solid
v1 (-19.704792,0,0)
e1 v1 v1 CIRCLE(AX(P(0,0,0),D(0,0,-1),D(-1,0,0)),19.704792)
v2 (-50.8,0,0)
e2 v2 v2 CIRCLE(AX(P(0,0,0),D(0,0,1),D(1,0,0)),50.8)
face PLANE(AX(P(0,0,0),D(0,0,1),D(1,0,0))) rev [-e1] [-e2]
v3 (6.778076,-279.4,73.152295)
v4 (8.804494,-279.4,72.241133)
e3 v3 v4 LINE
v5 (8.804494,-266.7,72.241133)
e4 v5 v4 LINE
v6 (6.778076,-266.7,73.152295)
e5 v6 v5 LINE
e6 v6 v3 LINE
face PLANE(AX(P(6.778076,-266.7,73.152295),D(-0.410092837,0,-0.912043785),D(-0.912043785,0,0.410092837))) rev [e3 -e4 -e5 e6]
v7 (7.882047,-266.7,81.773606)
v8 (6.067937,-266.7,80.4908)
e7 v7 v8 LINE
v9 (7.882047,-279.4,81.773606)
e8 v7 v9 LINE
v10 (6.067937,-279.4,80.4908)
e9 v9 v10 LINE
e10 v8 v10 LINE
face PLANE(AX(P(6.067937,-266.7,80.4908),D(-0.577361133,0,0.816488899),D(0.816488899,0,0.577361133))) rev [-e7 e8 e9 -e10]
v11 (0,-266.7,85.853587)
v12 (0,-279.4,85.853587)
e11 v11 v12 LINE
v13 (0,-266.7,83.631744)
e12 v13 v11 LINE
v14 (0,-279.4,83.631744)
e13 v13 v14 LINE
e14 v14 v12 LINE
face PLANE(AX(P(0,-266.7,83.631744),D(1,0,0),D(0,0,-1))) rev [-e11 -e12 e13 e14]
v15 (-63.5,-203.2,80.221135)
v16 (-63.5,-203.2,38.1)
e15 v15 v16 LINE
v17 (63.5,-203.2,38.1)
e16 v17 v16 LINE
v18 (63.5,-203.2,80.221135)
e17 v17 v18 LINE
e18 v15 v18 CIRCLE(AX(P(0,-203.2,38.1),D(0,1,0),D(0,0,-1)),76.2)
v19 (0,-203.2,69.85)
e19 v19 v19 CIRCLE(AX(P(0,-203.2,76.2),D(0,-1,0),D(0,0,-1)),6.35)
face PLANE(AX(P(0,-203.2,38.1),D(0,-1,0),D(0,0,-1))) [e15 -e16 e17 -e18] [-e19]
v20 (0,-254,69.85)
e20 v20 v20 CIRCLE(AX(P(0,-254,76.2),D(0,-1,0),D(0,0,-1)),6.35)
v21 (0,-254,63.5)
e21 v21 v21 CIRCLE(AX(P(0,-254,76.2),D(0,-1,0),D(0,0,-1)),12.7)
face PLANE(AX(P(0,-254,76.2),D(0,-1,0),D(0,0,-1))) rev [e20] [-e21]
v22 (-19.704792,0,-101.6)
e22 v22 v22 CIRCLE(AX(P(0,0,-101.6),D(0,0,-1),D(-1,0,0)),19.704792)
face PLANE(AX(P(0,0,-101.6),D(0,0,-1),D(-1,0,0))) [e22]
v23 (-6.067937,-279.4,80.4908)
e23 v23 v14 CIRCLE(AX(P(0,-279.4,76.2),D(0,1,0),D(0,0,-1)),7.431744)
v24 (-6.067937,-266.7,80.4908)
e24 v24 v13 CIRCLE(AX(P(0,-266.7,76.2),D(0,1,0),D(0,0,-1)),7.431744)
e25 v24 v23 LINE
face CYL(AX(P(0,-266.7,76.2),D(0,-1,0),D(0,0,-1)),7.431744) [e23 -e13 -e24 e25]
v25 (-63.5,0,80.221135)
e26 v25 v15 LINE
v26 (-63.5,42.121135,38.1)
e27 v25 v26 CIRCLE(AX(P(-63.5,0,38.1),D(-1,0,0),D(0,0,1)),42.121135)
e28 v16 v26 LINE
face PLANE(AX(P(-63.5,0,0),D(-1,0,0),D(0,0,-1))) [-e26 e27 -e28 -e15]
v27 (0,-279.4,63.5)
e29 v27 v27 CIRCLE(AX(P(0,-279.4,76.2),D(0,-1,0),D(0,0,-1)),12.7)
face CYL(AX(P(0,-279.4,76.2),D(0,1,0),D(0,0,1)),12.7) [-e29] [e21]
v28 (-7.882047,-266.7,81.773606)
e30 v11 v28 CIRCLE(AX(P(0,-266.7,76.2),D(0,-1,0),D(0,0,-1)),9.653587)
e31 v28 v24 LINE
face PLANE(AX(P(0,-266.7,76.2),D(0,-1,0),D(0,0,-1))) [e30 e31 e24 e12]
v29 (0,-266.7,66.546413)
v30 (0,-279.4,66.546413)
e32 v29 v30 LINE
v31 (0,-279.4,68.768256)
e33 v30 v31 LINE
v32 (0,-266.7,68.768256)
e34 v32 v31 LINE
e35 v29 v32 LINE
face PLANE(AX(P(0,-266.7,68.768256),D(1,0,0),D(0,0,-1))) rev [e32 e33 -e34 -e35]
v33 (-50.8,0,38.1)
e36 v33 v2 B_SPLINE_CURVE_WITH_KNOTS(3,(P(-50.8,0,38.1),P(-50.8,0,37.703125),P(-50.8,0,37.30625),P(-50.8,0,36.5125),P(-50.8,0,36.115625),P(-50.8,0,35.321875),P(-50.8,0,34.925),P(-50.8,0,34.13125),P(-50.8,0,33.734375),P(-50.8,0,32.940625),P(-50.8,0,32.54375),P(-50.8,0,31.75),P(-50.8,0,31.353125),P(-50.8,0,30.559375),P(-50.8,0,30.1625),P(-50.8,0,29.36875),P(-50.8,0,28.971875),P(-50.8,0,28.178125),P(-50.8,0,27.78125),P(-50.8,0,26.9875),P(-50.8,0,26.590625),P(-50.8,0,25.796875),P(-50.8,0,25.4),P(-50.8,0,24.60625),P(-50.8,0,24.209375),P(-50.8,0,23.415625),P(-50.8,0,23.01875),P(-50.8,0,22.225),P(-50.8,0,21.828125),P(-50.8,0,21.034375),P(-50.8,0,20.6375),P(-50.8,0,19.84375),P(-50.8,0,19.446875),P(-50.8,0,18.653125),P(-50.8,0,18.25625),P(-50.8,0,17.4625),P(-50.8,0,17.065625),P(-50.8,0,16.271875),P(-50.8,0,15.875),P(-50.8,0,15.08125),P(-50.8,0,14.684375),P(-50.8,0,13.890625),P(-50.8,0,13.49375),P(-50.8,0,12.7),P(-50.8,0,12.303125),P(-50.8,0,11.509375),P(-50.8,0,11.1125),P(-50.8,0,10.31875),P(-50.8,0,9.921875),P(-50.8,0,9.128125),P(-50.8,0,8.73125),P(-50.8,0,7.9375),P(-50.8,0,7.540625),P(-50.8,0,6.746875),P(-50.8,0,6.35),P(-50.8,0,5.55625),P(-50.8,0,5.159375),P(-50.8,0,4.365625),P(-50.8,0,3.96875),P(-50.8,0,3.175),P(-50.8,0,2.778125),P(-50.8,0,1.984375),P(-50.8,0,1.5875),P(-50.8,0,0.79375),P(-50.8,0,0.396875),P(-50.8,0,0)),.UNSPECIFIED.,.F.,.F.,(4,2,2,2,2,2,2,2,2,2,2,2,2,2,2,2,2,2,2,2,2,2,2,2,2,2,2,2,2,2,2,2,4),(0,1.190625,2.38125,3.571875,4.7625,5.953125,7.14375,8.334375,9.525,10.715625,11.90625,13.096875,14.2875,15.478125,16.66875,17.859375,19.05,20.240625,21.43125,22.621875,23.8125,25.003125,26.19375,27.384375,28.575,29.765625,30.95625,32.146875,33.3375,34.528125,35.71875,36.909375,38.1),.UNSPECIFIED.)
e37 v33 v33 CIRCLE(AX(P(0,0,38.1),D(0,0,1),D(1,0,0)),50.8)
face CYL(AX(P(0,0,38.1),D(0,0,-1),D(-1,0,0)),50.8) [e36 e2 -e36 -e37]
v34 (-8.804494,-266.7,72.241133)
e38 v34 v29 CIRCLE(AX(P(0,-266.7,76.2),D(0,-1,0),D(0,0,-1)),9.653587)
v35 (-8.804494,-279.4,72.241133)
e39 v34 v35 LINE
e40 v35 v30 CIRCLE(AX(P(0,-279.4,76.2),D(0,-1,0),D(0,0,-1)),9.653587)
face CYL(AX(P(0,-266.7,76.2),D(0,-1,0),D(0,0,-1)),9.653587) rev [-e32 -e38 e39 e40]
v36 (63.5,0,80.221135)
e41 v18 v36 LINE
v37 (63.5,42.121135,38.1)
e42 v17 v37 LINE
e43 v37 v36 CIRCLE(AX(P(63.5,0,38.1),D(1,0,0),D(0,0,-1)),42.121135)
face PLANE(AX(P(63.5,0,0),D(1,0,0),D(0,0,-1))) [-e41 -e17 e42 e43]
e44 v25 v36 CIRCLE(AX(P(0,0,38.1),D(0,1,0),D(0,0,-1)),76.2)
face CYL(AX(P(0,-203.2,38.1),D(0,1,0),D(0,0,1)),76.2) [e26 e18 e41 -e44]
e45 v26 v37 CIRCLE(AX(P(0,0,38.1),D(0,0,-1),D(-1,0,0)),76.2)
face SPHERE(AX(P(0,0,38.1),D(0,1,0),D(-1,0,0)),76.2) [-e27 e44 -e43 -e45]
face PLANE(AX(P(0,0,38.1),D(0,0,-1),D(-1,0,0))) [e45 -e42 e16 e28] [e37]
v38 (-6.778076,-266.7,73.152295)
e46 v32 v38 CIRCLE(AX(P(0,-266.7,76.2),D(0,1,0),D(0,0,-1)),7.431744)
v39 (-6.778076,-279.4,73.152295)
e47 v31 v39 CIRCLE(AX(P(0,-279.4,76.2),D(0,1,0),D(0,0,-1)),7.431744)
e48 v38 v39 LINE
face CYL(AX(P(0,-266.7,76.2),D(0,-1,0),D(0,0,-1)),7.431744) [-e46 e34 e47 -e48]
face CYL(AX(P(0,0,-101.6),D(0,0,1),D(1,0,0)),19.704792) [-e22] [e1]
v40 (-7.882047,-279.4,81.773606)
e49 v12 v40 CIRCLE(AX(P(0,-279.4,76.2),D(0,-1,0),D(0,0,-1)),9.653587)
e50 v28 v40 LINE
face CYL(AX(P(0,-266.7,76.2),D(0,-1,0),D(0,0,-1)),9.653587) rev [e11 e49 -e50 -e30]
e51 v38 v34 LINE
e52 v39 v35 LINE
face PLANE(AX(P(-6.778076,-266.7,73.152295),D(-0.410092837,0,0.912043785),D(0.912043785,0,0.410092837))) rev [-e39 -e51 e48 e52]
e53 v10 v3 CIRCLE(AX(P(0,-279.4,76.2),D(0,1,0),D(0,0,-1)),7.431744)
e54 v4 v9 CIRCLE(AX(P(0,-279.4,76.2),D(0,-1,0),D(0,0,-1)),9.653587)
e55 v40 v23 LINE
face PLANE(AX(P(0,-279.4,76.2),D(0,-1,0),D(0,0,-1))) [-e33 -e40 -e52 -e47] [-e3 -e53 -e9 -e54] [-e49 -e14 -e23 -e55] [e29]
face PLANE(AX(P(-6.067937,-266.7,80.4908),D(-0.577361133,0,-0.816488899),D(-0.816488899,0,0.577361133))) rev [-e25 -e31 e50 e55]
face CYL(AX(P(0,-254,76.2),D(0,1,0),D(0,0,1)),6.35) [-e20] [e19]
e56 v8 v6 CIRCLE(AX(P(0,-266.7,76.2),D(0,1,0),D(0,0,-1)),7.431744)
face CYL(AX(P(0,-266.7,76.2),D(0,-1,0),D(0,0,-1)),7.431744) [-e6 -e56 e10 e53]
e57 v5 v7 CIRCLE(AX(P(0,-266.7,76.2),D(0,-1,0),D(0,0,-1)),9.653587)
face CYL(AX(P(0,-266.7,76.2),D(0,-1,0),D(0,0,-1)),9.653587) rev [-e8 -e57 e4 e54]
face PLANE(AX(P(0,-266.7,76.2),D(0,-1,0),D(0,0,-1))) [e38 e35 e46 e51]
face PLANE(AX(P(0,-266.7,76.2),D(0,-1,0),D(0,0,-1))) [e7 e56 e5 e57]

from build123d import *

# Parameters (mm, degrees)
SKETCH1_R           = 50.8
BOSS_EXTRUDE1_DEPTH = 38.1
REVOLVE1_ANGLE      = 180
BOSS_EXTRUDE2_DEPTH = 203.2
SKETCH5_W           = 76.2
SKETCH5_H           = 279.4
CUT_EXTRUDE1_DEPTH  = 12.7
SKETCH6_R           = 19.704792108
BOSS_EXTRUDE3_DEPTH = 101.6
SKETCH7_R           = 6.35
BOSS_EXTRUDE4_DEPTH = 50.8
SKETCH8_R           = 12.7
BOSS_EXTRUDE5_DEPTH = 25.4
CUT_EXTRUDE2_DEPTH  = 12.7


with BuildPart() as part:
    # Sketch1 → Boss-Extrude1 (new body)
    with BuildSketch(Plane.XY):
        with Locations(Location((0, 0, 0), (0, 0, 180))):
            Circle(SKETCH1_R)
    extrude(amount=BOSS_EXTRUDE1_DEPTH)

    # Sketch2 → Revolve1 (revolve)
    with BuildSketch(Plane.XY.offset(38.1)):
        with BuildLine():
            Line((0, 76.2), (0, -76.2))
            ThreePointArc((0, -76.2), (76.2, 0), (0, 76.2))
        make_face()
    revolve(axis=Axis((0, 76.2, 38.1), (0, -1, 0)), revolution_arc=REVOLVE1_ANGLE)

    # Sketch3 → Boss-Extrude2 (add)
    with BuildSketch(Plane(origin=(0, 0, 0), x_dir=(1, 0, 0), z_dir=(0, 1, 0))):
        with BuildLine():
            Line((-76.2, -38.1), (76.2, -38.1))
            ThreePointArc((76.2, -38.1), (0, -114.3), (-76.2, -38.1))
        make_face()
    extrude(amount=-BOSS_EXTRUDE2_DEPTH)

    # Sketch5 → Cut-Extrude1 (cut)
    with BuildSketch(Plane(origin=(76.2, 0, 0), x_dir=(0, 0, -1), z_dir=(1, 0, 0))):
        with Locations((-76.2, -63.5)):
            Rectangle(SKETCH5_W, SKETCH5_H)
    cut_extrude1 = extrude(amount=-CUT_EXTRUDE1_DEPTH, mode=Mode.SUBTRACT)

    # Mirror1: Cut-Extrude1 across plane
    add(cut_extrude1.mirror(Plane(origin=(0, 0, 0), x_dir=(0, 0, 1), z_dir=(1, 0, 0))), mode=Mode.SUBTRACT)

    # Sketch6 → Boss-Extrude3 (add)
    with BuildSketch(Plane(origin=(0, 0, 0), x_dir=(-1, 0, 0), z_dir=(0, 0, -1))):
        Circle(SKETCH6_R)
    extrude(amount=BOSS_EXTRUDE3_DEPTH)

    # Sketch7 → Boss-Extrude4 (add)
    with BuildSketch(Plane.XZ.offset(203.2)):
        with Locations(Location((0, 76.2, 0), (0, 0, 270))):
            Circle(SKETCH7_R)
    extrude(amount=BOSS_EXTRUDE4_DEPTH)

    # Sketch8 → Boss-Extrude5 (add)
    with BuildSketch(Plane.XZ.offset(254)):
        with Locations(Location((0, 76.2, 0), (0, 0, 270))):
            Circle(SKETCH8_R)
    extrude(amount=BOSS_EXTRUDE5_DEPTH)

    # Sketch9 → Cut-Extrude2 (cut)
    with BuildSketch(Plane.XZ.offset(279.4)):
        with BuildLine():
            Line((0, 83.631744278), (0, 85.853587437))
            ThreePointArc((0, 85.853587437), (-4.437705251, 84.773127931), (-7.882046977, 81.773606182))
            Line((-7.882046977, 81.773606182), (-6.067936702, 80.490800298))
            ThreePointArc((-6.067936702, 80.490800298), (-3.416335204, 82.799960363), (0, 83.631744278))
        make_face()
        with BuildLine():
            Line((6.067936702, 80.490800298), (7.882046977, 81.773606182))
            ThreePointArc((7.882046977, 81.773606182), (9.608703215, 77.129824142), (8.804494423, 72.241132945))
            Line((8.804494423, 72.241132945), (6.778076179, 73.152294908))
            ThreePointArc((6.778076179, 73.152294908), (7.397190485, 76.915818372), (6.067936702, 80.490800298))
        make_face()
        with BuildLine():
            Line((-6.778076179, 73.152294908), (-8.804494423, 72.241132945))
            ThreePointArc((-8.804494423, 72.241132945), (-5.242827536, 68.094168159), (0, 66.546412563))
            Line((0, 66.546412563), (0, 68.768255722))
            ThreePointArc((0, 68.768255722), (-4.036152756, 69.959784142), (-6.778076179, 73.152294908))
        make_face()
    extrude(amount=-CUT_EXTRUDE2_DEPTH, mode=Mode.SUBTRACT)


solid = part.part
